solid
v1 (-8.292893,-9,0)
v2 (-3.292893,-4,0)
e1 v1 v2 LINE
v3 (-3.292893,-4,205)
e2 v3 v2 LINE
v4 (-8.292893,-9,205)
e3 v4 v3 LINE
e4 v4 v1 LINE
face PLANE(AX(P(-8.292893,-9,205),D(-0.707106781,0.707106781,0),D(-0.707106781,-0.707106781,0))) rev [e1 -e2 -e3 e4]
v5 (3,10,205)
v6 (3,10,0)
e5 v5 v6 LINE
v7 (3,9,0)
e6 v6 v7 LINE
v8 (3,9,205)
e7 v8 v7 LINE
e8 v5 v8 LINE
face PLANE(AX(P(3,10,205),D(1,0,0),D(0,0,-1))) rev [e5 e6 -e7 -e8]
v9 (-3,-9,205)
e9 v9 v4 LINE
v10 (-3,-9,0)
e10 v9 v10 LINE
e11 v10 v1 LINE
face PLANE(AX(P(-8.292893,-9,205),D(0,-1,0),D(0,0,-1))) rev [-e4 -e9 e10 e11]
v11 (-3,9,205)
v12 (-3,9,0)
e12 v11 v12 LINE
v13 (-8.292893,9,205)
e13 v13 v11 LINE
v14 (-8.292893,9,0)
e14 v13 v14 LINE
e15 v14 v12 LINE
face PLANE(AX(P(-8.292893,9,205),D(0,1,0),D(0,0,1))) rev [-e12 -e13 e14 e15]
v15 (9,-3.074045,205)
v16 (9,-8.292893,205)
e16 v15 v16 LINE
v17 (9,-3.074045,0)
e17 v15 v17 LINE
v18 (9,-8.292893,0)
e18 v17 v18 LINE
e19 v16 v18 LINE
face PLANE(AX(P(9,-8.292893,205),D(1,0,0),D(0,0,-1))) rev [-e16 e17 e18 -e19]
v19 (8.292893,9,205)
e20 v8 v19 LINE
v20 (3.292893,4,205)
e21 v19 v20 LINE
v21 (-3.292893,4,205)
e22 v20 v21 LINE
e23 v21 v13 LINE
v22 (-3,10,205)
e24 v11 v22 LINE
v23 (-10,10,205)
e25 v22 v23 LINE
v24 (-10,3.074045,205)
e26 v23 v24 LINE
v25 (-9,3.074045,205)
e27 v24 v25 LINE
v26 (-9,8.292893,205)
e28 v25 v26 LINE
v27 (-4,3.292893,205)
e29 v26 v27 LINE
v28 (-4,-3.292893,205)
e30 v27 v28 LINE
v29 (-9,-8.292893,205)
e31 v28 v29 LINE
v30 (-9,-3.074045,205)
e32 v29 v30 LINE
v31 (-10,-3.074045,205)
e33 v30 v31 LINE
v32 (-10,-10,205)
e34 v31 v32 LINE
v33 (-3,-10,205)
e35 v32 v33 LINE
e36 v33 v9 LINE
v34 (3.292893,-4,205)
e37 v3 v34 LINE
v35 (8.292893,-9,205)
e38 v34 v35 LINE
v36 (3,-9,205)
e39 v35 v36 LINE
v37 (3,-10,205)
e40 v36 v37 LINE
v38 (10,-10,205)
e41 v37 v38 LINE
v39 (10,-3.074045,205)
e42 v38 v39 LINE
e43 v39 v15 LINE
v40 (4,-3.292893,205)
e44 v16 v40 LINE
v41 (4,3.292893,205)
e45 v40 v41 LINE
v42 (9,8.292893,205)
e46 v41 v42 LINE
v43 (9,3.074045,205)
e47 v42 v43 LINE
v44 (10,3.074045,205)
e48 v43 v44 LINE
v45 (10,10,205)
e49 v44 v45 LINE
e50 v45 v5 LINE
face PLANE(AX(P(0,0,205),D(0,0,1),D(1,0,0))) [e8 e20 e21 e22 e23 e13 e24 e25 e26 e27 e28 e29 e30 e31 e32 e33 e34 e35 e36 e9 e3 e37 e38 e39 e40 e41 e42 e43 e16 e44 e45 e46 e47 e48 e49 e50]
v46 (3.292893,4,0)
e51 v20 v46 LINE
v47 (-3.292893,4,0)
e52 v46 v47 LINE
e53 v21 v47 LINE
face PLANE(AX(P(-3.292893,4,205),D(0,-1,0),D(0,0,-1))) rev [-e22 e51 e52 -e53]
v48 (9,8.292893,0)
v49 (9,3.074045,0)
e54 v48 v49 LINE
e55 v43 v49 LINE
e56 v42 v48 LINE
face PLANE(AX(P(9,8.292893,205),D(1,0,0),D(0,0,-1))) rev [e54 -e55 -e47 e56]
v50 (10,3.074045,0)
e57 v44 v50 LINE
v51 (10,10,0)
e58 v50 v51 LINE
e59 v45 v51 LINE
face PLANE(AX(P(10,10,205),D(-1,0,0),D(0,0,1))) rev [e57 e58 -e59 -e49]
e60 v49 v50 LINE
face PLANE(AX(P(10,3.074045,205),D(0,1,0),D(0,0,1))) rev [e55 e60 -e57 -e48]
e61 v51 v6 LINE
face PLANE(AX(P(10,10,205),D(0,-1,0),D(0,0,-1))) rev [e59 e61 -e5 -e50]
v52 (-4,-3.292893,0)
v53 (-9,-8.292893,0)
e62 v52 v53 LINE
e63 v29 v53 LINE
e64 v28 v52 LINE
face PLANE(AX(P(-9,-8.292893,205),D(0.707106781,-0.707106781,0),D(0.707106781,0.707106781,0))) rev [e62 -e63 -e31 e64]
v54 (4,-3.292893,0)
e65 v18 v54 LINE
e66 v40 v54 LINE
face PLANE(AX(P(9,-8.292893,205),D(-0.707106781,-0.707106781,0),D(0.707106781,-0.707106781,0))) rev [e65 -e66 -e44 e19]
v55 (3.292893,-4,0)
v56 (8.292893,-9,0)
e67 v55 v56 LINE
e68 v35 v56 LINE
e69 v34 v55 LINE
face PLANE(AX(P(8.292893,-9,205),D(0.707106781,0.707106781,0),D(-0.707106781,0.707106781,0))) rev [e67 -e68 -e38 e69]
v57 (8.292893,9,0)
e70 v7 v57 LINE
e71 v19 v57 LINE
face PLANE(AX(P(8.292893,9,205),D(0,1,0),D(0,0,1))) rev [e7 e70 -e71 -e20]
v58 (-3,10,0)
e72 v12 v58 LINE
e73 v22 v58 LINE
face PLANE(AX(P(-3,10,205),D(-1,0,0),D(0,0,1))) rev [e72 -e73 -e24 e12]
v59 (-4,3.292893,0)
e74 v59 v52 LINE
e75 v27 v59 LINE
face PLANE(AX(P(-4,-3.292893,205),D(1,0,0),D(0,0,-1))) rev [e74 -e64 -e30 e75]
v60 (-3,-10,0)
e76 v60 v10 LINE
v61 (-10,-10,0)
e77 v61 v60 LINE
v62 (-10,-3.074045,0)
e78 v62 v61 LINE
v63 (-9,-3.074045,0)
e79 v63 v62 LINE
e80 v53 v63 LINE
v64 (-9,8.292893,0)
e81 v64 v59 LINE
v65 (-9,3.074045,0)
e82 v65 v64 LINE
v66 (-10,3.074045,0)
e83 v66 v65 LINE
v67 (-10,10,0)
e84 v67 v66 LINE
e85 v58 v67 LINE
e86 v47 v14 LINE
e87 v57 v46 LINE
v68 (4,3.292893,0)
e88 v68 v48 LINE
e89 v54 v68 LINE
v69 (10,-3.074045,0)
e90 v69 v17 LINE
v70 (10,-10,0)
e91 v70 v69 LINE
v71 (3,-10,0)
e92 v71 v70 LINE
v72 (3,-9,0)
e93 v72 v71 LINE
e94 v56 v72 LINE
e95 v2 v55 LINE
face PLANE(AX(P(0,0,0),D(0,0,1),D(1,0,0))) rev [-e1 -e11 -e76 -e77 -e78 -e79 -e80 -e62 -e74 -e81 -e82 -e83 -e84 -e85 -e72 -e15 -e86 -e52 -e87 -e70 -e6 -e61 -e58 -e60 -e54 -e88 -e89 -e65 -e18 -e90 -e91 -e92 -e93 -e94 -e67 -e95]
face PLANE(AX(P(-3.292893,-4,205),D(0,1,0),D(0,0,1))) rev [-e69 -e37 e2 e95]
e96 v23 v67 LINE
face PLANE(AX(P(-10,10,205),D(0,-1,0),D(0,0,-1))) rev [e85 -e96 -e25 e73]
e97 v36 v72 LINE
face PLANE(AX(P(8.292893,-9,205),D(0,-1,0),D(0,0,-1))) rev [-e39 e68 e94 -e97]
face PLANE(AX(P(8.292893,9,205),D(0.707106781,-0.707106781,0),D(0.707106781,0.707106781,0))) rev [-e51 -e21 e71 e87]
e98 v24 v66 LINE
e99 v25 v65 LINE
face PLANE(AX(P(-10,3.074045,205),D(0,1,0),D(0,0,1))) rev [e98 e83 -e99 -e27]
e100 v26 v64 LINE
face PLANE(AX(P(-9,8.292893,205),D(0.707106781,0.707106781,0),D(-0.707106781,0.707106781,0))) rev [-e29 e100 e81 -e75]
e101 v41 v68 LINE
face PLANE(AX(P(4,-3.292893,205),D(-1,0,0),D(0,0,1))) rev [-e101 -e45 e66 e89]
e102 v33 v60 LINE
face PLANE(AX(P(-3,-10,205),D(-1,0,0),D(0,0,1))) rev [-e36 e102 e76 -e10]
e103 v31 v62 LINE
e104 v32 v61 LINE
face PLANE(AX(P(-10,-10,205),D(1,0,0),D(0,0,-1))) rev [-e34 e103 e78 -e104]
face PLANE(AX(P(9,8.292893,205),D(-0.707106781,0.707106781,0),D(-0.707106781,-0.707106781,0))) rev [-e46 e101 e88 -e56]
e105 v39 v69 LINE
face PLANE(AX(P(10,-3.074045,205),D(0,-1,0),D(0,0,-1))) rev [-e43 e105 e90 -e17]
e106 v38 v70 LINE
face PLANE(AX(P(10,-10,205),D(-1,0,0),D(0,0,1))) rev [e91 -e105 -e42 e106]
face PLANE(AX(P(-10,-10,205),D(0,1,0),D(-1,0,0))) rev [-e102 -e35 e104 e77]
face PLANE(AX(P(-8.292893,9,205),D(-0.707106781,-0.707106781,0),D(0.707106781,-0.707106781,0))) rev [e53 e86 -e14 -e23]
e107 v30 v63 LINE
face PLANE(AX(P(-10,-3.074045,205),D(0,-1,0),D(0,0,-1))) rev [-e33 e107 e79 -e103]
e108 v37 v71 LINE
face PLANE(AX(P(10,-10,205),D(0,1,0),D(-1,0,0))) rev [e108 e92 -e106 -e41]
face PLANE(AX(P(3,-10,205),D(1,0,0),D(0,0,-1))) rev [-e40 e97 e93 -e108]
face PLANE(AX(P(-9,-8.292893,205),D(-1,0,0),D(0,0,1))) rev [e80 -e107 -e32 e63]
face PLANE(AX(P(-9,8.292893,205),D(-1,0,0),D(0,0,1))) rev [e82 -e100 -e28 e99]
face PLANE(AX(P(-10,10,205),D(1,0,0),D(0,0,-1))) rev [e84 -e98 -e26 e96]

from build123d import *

# Parameters (mm, degrees)
BOSS_EXTRUDE1_DEPTH = 205


with BuildPart() as part:
    # Sketch2 → Boss-Extrude1 (new body)
    with BuildSketch(Plane.XY):
        Polygon((-10, 10), (-3, 10), (-3, 9), (-8.292893219, 9), (-3.292893219, 4), (3.292893219, 4), (8.292893219, 9), (3, 9), (3, 10), (10, 10), (10, 3.074044586), (9, 3.074044586), (9, 8.292893219), (4, 3.292893219), (4, -3.292893219), (9, -8.292893219), (9, -3.074044586), (10, -3.074044586), (10, -10), (3, -10), (3, -9), (8.292893219, -9), (3.292893219, -4), (-3.292893219, -4), (-8.292893219, -9), (-3, -9), (-3, -10), (-10, -10), (-10, -3.074044586), (-9, -3.074044586), (-9, -8.292893219), (-4, -3.292893219), (-4, 3.292893219), (-9, 8.292893219), (-9, 3.074044586), (-10, 3.074044586), align=None)
    extrude(amount=BOSS_EXTRUDE1_DEPTH)


solid = part.part
